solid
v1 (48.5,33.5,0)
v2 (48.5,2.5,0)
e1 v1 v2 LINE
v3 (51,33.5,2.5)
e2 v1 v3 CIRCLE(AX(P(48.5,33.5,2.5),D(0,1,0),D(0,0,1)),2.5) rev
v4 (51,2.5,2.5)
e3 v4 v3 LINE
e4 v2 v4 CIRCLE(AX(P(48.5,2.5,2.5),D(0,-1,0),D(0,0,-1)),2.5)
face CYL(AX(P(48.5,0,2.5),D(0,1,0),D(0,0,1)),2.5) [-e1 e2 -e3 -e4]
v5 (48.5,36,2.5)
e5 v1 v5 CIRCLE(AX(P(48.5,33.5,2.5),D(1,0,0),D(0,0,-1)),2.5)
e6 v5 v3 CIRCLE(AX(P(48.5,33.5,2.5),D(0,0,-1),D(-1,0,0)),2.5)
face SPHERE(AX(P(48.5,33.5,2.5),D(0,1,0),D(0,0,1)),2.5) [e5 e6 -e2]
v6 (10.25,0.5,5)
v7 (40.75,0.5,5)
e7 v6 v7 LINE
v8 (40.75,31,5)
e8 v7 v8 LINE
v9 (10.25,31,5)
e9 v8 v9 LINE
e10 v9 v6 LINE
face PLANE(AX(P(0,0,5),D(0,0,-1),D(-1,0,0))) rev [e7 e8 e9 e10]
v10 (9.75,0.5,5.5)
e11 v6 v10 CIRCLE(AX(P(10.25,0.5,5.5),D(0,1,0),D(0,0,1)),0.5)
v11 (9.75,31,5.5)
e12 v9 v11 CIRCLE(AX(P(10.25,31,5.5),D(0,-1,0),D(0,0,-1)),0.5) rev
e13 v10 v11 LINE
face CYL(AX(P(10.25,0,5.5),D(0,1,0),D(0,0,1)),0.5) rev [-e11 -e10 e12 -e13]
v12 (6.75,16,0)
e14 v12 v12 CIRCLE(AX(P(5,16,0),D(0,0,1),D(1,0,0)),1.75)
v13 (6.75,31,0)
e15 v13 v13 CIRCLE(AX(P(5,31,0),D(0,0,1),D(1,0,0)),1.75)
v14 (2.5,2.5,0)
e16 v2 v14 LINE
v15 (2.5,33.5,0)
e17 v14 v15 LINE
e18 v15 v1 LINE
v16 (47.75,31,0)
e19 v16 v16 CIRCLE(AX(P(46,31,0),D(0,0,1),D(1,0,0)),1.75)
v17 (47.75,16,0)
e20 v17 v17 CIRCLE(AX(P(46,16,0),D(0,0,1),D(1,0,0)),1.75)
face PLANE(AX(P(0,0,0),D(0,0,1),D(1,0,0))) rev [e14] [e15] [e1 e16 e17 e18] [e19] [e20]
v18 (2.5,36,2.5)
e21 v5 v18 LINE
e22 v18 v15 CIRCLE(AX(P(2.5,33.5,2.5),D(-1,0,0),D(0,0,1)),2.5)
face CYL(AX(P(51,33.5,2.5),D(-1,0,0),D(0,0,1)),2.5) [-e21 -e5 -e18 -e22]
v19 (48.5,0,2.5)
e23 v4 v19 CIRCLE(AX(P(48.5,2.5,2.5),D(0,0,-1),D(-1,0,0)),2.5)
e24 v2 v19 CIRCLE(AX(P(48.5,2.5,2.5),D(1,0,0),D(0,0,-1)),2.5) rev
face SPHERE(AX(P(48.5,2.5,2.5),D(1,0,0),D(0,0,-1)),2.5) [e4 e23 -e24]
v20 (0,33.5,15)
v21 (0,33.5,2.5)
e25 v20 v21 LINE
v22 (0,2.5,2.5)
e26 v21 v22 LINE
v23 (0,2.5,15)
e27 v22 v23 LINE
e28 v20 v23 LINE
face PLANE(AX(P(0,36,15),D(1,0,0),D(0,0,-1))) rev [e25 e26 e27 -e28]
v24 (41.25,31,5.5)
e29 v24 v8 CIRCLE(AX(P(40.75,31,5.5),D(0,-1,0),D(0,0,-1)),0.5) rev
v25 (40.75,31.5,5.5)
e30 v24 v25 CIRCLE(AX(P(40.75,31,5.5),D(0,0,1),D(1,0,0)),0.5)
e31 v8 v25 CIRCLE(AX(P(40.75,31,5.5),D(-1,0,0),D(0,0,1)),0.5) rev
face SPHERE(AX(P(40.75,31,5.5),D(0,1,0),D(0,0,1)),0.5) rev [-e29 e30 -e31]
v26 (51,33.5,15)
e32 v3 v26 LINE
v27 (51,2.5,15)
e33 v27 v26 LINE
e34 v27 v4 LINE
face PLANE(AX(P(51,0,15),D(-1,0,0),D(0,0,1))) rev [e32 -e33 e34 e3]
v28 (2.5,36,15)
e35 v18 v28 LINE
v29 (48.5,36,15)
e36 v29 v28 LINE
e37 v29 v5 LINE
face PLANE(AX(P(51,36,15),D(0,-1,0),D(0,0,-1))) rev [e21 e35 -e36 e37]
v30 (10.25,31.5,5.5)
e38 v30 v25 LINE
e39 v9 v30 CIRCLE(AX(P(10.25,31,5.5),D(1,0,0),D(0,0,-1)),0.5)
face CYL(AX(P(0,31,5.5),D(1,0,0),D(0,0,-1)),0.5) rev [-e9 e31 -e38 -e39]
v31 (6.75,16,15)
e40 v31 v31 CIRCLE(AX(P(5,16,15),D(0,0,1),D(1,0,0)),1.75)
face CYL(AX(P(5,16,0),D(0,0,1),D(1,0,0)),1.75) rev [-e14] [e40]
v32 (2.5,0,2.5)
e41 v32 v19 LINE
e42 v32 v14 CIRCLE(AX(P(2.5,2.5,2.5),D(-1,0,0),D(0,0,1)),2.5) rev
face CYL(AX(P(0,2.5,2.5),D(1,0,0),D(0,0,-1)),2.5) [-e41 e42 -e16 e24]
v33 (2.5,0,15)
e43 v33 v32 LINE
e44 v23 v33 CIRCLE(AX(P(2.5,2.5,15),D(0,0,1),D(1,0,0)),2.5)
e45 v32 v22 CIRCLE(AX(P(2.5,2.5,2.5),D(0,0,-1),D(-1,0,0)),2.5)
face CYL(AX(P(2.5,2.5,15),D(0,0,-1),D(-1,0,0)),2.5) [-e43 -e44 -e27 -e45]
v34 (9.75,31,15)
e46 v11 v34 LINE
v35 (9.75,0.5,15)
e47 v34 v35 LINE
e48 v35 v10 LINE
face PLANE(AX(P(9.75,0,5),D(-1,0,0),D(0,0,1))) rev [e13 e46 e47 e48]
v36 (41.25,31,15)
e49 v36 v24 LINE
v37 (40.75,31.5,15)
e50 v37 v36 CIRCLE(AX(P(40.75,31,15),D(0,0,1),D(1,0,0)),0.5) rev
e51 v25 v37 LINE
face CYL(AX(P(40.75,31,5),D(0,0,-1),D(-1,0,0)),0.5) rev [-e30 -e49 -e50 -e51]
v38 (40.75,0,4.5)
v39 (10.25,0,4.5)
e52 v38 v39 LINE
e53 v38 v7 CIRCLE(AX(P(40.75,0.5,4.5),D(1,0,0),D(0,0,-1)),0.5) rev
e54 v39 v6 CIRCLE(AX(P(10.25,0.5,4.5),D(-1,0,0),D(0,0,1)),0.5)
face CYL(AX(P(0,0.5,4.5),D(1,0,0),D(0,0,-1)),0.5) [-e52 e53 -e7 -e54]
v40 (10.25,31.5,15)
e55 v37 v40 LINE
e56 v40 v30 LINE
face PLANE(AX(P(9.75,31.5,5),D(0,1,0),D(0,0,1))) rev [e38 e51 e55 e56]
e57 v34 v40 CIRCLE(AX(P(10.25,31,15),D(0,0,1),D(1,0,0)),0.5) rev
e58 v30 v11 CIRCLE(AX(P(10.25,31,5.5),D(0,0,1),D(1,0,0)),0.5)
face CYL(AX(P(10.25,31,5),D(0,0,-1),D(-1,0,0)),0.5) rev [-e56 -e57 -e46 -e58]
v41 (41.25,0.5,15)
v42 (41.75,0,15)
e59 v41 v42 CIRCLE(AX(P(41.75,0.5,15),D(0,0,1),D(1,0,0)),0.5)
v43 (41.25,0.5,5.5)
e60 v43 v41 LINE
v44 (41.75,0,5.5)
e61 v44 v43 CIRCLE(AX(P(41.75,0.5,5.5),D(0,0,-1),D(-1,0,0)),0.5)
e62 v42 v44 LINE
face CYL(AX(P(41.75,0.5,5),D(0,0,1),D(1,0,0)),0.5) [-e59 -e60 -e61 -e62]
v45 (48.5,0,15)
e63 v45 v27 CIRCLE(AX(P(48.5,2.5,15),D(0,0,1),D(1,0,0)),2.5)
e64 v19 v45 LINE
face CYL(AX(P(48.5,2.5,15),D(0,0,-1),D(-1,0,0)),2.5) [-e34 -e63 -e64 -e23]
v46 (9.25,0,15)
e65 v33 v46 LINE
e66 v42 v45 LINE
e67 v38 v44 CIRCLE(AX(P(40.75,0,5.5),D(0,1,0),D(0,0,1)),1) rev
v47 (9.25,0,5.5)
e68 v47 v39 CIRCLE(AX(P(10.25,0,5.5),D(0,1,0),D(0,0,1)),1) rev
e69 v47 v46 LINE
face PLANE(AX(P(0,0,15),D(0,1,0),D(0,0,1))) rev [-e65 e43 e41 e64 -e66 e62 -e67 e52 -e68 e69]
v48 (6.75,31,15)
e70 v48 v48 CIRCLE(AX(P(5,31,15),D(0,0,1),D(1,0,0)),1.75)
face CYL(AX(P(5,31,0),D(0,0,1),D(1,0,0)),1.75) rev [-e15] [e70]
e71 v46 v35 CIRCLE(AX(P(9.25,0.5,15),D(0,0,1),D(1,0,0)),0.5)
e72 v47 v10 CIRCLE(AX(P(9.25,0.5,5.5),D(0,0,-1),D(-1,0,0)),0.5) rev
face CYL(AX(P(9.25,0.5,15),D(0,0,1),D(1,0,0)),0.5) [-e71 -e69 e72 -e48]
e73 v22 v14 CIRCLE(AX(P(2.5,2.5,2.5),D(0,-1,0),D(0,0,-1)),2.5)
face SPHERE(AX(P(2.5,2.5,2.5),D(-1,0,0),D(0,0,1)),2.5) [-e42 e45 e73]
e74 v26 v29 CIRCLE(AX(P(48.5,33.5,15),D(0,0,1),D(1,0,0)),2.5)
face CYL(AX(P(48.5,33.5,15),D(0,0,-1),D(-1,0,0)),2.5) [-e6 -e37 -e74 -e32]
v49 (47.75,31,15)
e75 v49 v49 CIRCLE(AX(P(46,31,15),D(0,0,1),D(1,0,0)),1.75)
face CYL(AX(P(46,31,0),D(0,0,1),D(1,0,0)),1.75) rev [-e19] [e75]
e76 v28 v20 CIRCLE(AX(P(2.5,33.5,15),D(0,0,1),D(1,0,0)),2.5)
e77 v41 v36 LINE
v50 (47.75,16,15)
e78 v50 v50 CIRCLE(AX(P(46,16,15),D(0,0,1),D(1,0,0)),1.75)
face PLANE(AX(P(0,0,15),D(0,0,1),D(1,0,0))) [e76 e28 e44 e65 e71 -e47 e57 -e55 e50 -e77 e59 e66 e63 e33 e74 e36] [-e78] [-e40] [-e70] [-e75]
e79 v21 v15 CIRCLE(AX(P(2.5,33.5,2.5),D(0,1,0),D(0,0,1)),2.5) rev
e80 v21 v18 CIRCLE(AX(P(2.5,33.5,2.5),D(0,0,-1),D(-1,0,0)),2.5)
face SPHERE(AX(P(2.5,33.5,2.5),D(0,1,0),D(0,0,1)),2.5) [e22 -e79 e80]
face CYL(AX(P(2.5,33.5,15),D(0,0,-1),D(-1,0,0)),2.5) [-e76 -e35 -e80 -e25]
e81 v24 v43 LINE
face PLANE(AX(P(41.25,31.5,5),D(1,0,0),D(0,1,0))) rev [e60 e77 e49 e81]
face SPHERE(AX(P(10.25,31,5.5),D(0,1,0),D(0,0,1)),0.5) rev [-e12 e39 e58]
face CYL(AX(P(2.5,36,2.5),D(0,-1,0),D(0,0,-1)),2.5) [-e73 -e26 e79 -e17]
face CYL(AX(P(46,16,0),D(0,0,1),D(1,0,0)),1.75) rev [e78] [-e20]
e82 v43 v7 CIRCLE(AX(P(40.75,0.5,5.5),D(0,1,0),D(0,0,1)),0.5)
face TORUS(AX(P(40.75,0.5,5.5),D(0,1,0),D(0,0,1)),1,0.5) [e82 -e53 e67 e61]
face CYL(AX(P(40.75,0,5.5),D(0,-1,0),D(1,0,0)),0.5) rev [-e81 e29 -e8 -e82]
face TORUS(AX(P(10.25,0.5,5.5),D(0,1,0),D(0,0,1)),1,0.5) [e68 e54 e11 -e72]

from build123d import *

# Parameters (mm, degrees)
SKETCH1_W           = 51
SKETCH1_H           = 36
BOSS_EXTRUDE1_DEPTH = 15
SKETCH2_W           = 31.5
SKETCH2_H           = 31.5
CUT_EXTRUDE1_DEPTH  = 10
SKETCH3_R           = 1.75
CUT_EXTRUDE2_DEPTH  = 65.202803677
FILLET1_R           = 0.5
FILLET2_R           = 2.5


with BuildPart() as part:
    # Sketch1 → Boss-Extrude1 (new body)
    with BuildSketch(Plane.XY):
        with Locations((25.5, 18)):
            Rectangle(SKETCH1_W, SKETCH1_H)
    extrude(amount=BOSS_EXTRUDE1_DEPTH)

    # Sketch2 → Cut-Extrude1 (cut)
    with BuildSketch(Plane.XY.offset(15)):
        with Locations((25.5, 15.75)):
            Rectangle(SKETCH2_W, SKETCH2_H)
    extrude(amount=-CUT_EXTRUDE1_DEPTH, mode=Mode.SUBTRACT)

    # Sketch3 → Cut-Extrude2 (cut, through all)
    with BuildSketch(Plane.XY.offset(15)):
        with Locations((5, 31)):
            Circle(SKETCH3_R)
        with Locations((5, 16)):
            Circle(SKETCH3_R)
        with Locations((46, 31)):
            Circle(SKETCH3_R)
        with Locations((46, 16)):
            Circle(SKETCH3_R)
    extrude(amount=-CUT_EXTRUDE2_DEPTH, mode=Mode.SUBTRACT)

    # Fillet1
    fillet1_edges = [part.edges().sort_by_distance(p)[0] for p in [
        (25.5, 0, 5),
        (41.25, 0, 10),
        (9.75, 15.75, 5),
        (9.75, 0, 10),
        (25.5, 31.5, 5),
        (9.75, 31.5, 10),
        (41.25, 15.75, 5),
        (41.25, 31.5, 10),
    ]]
    fillet(fillet1_edges, radius=FILLET1_R)

    # Fillet2
    fillet2_edges = [part.edges().sort_by_distance(p)[0] for p in [
        (25.5, 36, 0),
        (51, 18, 0),
        (25.5, 0, 0),
        (0, 18, 0),
        (0, 36, 7.5),
        (51, 36, 7.5),
        (51, 0, 7.5),
        (0, 0, 7.5),
    ]]
    fillet(fillet2_edges, radius=FILLET2_R)


solid = part.part
